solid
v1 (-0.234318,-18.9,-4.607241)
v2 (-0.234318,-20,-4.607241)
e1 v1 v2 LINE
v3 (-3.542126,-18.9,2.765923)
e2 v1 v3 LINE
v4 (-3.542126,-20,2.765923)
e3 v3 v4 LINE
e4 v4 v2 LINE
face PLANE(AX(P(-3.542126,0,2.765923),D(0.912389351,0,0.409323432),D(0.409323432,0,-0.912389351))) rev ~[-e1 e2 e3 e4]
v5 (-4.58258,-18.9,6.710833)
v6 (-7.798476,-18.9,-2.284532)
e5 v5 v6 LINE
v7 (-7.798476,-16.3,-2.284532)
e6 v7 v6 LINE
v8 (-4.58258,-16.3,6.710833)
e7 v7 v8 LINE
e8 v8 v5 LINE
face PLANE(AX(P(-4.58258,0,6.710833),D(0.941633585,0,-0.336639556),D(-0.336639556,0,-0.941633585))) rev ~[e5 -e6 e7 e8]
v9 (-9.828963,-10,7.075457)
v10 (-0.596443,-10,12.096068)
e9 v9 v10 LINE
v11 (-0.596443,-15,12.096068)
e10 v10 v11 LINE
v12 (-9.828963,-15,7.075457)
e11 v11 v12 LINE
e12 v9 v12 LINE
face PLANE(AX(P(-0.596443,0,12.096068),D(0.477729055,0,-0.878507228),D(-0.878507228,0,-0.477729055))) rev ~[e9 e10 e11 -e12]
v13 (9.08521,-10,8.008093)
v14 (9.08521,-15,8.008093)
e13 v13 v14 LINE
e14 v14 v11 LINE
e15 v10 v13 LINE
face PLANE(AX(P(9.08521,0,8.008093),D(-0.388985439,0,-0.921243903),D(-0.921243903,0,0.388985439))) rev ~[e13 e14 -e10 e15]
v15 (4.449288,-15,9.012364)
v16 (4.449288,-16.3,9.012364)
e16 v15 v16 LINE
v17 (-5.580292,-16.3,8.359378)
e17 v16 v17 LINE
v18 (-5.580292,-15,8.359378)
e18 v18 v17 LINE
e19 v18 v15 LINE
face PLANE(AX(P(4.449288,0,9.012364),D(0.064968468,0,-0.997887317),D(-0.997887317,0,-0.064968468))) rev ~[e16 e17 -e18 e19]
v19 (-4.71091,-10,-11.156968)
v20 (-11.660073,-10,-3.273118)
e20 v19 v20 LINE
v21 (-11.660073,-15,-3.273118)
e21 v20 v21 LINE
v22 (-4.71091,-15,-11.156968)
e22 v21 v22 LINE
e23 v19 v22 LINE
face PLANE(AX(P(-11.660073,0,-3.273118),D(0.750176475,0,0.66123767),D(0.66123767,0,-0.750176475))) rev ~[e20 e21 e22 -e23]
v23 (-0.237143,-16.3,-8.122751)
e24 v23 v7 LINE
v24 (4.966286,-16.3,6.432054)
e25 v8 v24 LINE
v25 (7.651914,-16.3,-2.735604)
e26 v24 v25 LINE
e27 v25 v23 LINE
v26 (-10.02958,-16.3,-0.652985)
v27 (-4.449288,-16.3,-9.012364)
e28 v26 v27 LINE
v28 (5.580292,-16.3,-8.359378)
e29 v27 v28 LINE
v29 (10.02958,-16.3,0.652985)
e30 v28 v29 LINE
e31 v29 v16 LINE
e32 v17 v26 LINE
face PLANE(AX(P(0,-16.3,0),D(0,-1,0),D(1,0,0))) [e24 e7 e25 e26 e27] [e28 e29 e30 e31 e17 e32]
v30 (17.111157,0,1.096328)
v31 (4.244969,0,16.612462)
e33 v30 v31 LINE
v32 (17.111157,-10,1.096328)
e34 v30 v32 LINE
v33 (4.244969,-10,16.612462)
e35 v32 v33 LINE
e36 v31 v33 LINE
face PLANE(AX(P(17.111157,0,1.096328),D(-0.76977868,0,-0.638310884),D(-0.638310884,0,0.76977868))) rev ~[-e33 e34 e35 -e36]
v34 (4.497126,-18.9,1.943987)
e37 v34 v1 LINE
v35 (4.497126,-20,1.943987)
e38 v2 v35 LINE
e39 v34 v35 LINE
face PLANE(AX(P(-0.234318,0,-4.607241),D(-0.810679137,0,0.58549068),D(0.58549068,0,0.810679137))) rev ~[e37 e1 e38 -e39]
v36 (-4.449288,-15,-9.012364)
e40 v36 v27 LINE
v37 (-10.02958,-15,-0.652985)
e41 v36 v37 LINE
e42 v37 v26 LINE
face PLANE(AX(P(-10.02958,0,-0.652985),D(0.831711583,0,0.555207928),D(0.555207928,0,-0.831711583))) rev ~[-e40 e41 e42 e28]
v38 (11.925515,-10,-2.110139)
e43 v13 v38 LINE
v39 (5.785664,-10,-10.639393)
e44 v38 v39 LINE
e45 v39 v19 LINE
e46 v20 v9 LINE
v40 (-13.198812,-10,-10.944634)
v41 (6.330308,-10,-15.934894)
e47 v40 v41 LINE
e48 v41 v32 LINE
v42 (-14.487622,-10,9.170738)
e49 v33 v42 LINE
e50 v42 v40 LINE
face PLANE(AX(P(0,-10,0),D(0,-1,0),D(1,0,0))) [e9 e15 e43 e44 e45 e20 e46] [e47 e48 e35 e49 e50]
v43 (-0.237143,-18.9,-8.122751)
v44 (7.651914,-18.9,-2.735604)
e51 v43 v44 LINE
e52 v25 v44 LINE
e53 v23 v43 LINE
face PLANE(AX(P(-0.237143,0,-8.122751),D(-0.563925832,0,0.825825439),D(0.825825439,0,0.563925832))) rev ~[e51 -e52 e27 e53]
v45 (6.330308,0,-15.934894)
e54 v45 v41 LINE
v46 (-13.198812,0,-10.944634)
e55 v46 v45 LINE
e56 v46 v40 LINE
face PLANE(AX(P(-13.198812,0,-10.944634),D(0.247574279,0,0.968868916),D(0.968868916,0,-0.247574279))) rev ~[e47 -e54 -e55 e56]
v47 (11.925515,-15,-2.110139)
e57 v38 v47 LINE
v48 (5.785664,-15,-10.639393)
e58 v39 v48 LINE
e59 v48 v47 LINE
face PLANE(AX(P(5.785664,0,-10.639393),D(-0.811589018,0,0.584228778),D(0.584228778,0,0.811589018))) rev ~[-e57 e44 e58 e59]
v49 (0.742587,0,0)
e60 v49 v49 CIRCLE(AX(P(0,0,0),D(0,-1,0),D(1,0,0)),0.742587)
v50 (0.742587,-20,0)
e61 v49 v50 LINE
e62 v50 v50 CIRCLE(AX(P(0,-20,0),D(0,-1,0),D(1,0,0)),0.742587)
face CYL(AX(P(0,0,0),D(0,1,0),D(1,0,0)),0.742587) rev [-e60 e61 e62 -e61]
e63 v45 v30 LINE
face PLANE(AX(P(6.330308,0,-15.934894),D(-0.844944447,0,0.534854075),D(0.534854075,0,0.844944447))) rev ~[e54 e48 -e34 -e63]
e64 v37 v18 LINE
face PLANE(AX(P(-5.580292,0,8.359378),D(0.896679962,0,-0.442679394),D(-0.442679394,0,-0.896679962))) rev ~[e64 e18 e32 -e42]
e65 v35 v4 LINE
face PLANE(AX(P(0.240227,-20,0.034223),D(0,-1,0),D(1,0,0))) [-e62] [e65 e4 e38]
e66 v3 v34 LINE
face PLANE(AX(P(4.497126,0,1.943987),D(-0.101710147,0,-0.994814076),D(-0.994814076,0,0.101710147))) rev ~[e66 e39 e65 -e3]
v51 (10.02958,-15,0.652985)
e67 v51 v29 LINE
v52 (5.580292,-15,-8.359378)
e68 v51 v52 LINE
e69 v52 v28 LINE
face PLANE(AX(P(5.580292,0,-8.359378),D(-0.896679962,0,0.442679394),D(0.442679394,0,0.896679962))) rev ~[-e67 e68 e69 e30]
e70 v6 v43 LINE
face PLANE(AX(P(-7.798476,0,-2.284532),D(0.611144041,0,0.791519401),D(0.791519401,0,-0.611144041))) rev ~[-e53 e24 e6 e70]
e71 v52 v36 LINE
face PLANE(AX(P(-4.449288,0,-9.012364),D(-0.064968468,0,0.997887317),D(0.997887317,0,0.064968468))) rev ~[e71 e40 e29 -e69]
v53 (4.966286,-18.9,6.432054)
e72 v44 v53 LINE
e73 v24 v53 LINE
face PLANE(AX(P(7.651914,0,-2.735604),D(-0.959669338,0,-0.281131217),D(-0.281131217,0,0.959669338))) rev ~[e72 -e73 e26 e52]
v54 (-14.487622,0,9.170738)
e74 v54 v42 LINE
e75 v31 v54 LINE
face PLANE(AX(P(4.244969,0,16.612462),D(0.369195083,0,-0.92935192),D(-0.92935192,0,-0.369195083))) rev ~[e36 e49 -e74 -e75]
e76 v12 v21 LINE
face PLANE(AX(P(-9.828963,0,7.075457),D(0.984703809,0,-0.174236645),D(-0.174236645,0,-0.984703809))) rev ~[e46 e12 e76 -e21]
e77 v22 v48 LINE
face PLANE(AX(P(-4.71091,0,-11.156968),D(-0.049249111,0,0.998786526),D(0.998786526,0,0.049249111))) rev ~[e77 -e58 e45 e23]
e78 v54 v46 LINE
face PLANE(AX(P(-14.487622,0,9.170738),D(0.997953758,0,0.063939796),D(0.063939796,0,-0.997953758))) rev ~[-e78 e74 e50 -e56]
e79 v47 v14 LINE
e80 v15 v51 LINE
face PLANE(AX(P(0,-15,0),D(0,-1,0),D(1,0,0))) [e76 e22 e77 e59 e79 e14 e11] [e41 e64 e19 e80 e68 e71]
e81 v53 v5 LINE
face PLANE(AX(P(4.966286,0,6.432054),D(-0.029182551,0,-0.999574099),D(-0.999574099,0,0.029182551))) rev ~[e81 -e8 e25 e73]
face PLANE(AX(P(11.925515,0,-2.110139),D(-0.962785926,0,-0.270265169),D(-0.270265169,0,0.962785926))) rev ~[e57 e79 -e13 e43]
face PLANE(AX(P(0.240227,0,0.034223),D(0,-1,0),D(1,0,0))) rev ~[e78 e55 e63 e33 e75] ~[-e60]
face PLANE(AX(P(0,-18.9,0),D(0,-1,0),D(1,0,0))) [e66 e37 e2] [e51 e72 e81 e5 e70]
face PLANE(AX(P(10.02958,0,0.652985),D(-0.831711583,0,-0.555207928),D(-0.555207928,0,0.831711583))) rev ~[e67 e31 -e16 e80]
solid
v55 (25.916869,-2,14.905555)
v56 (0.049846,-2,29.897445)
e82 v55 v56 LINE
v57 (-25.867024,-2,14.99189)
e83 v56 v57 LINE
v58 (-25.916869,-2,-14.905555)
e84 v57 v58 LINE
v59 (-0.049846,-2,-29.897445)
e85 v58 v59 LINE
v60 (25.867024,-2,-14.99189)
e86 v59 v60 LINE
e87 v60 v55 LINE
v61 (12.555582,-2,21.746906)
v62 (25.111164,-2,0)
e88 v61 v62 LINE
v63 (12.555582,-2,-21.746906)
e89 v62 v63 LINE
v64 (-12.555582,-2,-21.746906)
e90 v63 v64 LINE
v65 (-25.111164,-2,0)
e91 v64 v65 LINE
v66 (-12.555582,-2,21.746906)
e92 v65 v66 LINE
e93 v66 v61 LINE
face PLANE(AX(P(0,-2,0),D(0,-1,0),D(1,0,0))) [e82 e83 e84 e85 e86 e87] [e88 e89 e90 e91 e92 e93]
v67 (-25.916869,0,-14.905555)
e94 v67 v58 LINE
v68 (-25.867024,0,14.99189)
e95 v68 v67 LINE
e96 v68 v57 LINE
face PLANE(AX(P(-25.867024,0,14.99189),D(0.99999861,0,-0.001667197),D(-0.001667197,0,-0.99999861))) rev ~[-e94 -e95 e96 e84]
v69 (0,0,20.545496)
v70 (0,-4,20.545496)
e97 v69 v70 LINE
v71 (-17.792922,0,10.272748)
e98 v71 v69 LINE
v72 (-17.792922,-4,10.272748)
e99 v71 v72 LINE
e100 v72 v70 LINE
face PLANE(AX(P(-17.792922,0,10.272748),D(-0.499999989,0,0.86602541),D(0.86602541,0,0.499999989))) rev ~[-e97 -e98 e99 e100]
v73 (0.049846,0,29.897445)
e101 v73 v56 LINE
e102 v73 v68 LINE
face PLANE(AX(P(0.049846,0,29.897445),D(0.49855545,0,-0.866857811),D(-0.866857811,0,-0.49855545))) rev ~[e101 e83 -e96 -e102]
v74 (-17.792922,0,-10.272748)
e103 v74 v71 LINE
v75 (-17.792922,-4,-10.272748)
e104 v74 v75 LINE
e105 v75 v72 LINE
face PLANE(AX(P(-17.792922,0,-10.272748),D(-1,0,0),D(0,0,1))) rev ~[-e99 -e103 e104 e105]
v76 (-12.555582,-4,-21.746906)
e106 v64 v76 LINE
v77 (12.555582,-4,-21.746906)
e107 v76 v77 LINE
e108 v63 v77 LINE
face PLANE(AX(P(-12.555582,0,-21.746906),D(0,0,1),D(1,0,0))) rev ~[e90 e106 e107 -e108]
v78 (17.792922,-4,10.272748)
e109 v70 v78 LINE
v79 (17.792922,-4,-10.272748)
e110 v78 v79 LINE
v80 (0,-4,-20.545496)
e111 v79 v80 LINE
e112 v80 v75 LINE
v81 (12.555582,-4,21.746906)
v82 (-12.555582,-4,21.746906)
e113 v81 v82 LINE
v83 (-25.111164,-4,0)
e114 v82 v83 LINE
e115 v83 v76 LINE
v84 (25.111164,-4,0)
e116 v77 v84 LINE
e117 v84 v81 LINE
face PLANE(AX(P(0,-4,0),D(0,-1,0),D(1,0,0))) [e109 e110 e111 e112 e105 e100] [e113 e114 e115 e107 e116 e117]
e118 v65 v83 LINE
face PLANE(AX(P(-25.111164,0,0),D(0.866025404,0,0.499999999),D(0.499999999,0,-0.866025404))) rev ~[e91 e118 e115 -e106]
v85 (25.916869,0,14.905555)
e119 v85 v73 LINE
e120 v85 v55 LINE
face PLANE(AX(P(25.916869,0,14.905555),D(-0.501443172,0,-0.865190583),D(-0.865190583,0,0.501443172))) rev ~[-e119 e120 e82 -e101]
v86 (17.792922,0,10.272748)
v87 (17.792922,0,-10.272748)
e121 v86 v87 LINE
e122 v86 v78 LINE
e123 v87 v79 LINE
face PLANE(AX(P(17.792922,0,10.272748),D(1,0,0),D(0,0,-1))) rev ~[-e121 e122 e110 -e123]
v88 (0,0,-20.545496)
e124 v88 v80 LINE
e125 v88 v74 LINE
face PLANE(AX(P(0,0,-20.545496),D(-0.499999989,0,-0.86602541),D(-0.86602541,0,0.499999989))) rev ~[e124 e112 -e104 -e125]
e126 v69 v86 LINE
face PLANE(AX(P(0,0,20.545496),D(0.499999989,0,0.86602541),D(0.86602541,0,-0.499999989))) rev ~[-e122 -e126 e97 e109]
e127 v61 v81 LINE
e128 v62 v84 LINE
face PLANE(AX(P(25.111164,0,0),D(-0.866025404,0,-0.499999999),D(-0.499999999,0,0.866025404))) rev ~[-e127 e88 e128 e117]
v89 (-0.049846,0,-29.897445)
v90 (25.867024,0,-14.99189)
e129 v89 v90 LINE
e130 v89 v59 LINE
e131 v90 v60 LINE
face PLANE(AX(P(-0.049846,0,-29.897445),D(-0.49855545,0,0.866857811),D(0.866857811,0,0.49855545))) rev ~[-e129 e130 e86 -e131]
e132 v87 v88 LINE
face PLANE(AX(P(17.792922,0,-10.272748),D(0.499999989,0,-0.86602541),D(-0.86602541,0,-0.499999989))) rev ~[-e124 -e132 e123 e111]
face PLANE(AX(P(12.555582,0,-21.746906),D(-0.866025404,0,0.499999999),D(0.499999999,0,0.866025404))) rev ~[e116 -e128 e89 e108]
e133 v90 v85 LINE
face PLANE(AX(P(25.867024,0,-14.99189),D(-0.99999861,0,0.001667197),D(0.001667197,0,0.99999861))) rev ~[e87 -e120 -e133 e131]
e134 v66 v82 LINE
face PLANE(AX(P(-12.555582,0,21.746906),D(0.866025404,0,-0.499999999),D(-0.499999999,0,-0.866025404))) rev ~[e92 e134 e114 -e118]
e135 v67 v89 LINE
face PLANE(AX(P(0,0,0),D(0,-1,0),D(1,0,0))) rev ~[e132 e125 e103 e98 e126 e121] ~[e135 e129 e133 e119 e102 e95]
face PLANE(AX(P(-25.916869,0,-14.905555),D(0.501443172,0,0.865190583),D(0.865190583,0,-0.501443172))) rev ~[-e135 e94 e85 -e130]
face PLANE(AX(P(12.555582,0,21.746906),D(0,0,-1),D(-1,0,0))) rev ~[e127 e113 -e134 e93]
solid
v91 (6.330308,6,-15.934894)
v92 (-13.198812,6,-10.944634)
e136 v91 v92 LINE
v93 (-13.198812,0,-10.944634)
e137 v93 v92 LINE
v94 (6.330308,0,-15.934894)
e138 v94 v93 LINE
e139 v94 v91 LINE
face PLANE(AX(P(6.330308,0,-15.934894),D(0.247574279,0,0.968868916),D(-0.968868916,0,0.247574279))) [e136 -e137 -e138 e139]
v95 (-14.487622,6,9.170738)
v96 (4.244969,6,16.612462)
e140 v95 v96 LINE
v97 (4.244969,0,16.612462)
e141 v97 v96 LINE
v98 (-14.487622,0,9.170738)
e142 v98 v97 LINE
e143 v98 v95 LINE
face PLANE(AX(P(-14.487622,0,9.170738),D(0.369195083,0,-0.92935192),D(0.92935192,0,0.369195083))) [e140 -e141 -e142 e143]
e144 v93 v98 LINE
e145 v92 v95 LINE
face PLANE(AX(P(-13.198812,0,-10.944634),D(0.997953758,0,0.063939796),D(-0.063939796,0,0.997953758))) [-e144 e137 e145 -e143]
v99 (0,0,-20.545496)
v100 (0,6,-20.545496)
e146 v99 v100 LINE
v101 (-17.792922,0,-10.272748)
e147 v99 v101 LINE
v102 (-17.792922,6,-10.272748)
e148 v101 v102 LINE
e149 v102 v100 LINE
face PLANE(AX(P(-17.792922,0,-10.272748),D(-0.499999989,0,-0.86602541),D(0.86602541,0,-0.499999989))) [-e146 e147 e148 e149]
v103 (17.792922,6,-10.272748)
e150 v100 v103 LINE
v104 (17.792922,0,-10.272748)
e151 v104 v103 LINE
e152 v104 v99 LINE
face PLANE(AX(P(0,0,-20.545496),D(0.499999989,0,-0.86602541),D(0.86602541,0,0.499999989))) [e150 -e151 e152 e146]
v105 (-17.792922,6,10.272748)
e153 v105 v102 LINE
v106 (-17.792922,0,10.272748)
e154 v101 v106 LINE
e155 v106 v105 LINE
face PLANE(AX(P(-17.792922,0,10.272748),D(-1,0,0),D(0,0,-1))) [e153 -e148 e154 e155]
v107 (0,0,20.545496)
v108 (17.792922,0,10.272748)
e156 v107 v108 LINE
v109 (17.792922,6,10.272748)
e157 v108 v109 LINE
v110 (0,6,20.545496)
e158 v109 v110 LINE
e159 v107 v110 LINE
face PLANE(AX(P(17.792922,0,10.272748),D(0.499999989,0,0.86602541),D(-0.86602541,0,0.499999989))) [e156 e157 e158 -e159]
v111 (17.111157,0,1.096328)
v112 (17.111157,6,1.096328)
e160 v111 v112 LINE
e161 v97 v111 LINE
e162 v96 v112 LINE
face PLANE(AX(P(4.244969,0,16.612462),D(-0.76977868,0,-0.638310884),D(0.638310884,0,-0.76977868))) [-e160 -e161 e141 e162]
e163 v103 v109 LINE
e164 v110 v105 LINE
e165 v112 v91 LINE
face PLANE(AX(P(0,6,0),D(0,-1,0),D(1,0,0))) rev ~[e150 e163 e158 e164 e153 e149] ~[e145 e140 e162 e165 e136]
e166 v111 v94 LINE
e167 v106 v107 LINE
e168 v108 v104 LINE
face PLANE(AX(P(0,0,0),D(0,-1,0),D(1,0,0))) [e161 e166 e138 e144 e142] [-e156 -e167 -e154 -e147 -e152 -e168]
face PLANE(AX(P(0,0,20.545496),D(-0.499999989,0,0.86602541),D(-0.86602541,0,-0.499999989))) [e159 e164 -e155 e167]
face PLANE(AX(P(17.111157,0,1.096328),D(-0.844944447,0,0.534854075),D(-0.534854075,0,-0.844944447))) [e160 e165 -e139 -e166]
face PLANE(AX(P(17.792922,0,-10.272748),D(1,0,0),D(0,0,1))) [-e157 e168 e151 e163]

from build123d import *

# Parameters (mm, degrees)
F1_DEPTH = 4
F2_DEPTH = 2
F3_DEPTH = 6
F4_DEPTH = 10
F5_DEPTH = 15
F6_DEPTH = 16.3
F7_DEPTH = 18.9
F0_R     = 0.742587
F8_DEPTH = 20


with BuildPart() as f1:
    # F0 (on Front) → F1 (new body)
    with BuildSketch(Plane.XZ):
        Polygon((-12.555582, -21.746906), (12.555582, -21.746906), (25.111164, 0), (12.555582, 21.746906), (-12.555582, 21.746906), (-25.111164, 0), align=None)
        Polygon((0, 20.545496), (17.792922, 10.272748), (17.792922, -10.272748), (0, -20.545496), (-17.792922, -10.272748), (-17.792922, 10.272748), align=None, mode=Mode.SUBTRACT)
    extrude(amount=F1_DEPTH)

    # F0 (on Front) → F2 (join)
    with BuildSketch(Plane.XZ):
        Polygon((-0.049846, -29.897445), (25.867024, -14.99189), (25.916869, 14.905555), (0.049846, 29.897445), (-25.867024, 14.99189), (-25.916869, -14.905555), align=None)
        Polygon((25.111164, 0), (12.555582, -21.746906), (-12.555582, -21.746906), (-25.111164, 0), (-12.555582, 21.746906), (12.555582, 21.746906), align=None, mode=Mode.SUBTRACT)
    extrude(amount=F2_DEPTH)

    # F0 (on Front) → F3 (join)
    with BuildSketch(Plane.XZ):
        Polygon((17.792922, -10.272748), (17.792922, 10.272748), (0, 20.545496), (-17.792922, 10.272748), (-17.792922, -10.272748), (0, -20.545496), align=None)
        Polygon((4.244969, 16.612462), (17.111157, 1.096328), (6.330308, -15.934894), (-13.198812, -10.944634), (-14.487622, 9.170738), align=None, mode=Mode.SUBTRACT)
    extrude(amount=-F3_DEPTH)


with BuildPart() as f4:
    # F0 (on Front) → F4 (new body)
    with BuildSketch(Plane.XZ):
        Polygon((6.330308, -15.934894), (17.111157, 1.096328), (4.244969, 16.612462), (-14.487622, 9.170738), (-13.198812, -10.944634), align=None)
        Polygon((9.08521, 8.008093), (11.925515, -2.110139), (5.785664, -10.639393), (-4.71091, -11.156968), (-11.660073, -3.273118), (-9.828963, 7.075457), (-0.596443, 12.096068), align=None, mode=Mode.SUBTRACT)
    extrude(amount=F4_DEPTH)

    # F0 (on Front) → F5 (join)
    with BuildSketch(Plane.XZ):
        Polygon((5.785664, -10.639393), (11.925515, -2.110139), (9.08521, 8.008093), (-0.596443, 12.096068), (-9.828963, 7.075457), (-11.660073, -3.273118), (-4.71091, -11.156968), align=None)
        Polygon((4.449288, 9.012364), (10.02958, 0.652985), (5.580292, -8.359378), (-4.449288, -9.012364), (-10.02958, -0.652985), (-5.580292, 8.359378), align=None, mode=Mode.SUBTRACT)
    extrude(amount=F5_DEPTH)

    # F0 (on Front) → F6 (join)
    with BuildSketch(Plane.XZ):
        Polygon((5.580292, -8.359378), (10.02958, 0.652985), (4.449288, 9.012364), (-5.580292, 8.359378), (-10.02958, -0.652985), (-4.449288, -9.012364), align=None)
        Polygon((4.966286, 6.432054), (7.651914, -2.735604), (-0.237143, -8.122751), (-7.798476, -2.284532), (-4.58258, 6.710833), align=None, mode=Mode.SUBTRACT)
    extrude(amount=F6_DEPTH)

    # F0 (on Front) → F7 (join)
    with BuildSketch(Plane.XZ):
        Polygon((-0.237143, -8.122751), (7.651914, -2.735604), (4.966286, 6.432054), (-4.58258, 6.710833), (-7.798476, -2.284532), align=None)
        Polygon((-3.542126, 2.765923), (4.497126, 1.943987), (-0.234318, -4.607241), align=None, mode=Mode.SUBTRACT)
    extrude(amount=F7_DEPTH)

    # F0 (on Front) → F8 (join)
    with BuildSketch(Plane.XZ):
        Polygon((-0.234318, -4.607241), (4.497126, 1.943987), (-3.542126, 2.765923), align=None)
        Circle(F0_R, mode=Mode.SUBTRACT)
    extrude(amount=F8_DEPTH)


solid = Compound([f1.part, f4.part])
